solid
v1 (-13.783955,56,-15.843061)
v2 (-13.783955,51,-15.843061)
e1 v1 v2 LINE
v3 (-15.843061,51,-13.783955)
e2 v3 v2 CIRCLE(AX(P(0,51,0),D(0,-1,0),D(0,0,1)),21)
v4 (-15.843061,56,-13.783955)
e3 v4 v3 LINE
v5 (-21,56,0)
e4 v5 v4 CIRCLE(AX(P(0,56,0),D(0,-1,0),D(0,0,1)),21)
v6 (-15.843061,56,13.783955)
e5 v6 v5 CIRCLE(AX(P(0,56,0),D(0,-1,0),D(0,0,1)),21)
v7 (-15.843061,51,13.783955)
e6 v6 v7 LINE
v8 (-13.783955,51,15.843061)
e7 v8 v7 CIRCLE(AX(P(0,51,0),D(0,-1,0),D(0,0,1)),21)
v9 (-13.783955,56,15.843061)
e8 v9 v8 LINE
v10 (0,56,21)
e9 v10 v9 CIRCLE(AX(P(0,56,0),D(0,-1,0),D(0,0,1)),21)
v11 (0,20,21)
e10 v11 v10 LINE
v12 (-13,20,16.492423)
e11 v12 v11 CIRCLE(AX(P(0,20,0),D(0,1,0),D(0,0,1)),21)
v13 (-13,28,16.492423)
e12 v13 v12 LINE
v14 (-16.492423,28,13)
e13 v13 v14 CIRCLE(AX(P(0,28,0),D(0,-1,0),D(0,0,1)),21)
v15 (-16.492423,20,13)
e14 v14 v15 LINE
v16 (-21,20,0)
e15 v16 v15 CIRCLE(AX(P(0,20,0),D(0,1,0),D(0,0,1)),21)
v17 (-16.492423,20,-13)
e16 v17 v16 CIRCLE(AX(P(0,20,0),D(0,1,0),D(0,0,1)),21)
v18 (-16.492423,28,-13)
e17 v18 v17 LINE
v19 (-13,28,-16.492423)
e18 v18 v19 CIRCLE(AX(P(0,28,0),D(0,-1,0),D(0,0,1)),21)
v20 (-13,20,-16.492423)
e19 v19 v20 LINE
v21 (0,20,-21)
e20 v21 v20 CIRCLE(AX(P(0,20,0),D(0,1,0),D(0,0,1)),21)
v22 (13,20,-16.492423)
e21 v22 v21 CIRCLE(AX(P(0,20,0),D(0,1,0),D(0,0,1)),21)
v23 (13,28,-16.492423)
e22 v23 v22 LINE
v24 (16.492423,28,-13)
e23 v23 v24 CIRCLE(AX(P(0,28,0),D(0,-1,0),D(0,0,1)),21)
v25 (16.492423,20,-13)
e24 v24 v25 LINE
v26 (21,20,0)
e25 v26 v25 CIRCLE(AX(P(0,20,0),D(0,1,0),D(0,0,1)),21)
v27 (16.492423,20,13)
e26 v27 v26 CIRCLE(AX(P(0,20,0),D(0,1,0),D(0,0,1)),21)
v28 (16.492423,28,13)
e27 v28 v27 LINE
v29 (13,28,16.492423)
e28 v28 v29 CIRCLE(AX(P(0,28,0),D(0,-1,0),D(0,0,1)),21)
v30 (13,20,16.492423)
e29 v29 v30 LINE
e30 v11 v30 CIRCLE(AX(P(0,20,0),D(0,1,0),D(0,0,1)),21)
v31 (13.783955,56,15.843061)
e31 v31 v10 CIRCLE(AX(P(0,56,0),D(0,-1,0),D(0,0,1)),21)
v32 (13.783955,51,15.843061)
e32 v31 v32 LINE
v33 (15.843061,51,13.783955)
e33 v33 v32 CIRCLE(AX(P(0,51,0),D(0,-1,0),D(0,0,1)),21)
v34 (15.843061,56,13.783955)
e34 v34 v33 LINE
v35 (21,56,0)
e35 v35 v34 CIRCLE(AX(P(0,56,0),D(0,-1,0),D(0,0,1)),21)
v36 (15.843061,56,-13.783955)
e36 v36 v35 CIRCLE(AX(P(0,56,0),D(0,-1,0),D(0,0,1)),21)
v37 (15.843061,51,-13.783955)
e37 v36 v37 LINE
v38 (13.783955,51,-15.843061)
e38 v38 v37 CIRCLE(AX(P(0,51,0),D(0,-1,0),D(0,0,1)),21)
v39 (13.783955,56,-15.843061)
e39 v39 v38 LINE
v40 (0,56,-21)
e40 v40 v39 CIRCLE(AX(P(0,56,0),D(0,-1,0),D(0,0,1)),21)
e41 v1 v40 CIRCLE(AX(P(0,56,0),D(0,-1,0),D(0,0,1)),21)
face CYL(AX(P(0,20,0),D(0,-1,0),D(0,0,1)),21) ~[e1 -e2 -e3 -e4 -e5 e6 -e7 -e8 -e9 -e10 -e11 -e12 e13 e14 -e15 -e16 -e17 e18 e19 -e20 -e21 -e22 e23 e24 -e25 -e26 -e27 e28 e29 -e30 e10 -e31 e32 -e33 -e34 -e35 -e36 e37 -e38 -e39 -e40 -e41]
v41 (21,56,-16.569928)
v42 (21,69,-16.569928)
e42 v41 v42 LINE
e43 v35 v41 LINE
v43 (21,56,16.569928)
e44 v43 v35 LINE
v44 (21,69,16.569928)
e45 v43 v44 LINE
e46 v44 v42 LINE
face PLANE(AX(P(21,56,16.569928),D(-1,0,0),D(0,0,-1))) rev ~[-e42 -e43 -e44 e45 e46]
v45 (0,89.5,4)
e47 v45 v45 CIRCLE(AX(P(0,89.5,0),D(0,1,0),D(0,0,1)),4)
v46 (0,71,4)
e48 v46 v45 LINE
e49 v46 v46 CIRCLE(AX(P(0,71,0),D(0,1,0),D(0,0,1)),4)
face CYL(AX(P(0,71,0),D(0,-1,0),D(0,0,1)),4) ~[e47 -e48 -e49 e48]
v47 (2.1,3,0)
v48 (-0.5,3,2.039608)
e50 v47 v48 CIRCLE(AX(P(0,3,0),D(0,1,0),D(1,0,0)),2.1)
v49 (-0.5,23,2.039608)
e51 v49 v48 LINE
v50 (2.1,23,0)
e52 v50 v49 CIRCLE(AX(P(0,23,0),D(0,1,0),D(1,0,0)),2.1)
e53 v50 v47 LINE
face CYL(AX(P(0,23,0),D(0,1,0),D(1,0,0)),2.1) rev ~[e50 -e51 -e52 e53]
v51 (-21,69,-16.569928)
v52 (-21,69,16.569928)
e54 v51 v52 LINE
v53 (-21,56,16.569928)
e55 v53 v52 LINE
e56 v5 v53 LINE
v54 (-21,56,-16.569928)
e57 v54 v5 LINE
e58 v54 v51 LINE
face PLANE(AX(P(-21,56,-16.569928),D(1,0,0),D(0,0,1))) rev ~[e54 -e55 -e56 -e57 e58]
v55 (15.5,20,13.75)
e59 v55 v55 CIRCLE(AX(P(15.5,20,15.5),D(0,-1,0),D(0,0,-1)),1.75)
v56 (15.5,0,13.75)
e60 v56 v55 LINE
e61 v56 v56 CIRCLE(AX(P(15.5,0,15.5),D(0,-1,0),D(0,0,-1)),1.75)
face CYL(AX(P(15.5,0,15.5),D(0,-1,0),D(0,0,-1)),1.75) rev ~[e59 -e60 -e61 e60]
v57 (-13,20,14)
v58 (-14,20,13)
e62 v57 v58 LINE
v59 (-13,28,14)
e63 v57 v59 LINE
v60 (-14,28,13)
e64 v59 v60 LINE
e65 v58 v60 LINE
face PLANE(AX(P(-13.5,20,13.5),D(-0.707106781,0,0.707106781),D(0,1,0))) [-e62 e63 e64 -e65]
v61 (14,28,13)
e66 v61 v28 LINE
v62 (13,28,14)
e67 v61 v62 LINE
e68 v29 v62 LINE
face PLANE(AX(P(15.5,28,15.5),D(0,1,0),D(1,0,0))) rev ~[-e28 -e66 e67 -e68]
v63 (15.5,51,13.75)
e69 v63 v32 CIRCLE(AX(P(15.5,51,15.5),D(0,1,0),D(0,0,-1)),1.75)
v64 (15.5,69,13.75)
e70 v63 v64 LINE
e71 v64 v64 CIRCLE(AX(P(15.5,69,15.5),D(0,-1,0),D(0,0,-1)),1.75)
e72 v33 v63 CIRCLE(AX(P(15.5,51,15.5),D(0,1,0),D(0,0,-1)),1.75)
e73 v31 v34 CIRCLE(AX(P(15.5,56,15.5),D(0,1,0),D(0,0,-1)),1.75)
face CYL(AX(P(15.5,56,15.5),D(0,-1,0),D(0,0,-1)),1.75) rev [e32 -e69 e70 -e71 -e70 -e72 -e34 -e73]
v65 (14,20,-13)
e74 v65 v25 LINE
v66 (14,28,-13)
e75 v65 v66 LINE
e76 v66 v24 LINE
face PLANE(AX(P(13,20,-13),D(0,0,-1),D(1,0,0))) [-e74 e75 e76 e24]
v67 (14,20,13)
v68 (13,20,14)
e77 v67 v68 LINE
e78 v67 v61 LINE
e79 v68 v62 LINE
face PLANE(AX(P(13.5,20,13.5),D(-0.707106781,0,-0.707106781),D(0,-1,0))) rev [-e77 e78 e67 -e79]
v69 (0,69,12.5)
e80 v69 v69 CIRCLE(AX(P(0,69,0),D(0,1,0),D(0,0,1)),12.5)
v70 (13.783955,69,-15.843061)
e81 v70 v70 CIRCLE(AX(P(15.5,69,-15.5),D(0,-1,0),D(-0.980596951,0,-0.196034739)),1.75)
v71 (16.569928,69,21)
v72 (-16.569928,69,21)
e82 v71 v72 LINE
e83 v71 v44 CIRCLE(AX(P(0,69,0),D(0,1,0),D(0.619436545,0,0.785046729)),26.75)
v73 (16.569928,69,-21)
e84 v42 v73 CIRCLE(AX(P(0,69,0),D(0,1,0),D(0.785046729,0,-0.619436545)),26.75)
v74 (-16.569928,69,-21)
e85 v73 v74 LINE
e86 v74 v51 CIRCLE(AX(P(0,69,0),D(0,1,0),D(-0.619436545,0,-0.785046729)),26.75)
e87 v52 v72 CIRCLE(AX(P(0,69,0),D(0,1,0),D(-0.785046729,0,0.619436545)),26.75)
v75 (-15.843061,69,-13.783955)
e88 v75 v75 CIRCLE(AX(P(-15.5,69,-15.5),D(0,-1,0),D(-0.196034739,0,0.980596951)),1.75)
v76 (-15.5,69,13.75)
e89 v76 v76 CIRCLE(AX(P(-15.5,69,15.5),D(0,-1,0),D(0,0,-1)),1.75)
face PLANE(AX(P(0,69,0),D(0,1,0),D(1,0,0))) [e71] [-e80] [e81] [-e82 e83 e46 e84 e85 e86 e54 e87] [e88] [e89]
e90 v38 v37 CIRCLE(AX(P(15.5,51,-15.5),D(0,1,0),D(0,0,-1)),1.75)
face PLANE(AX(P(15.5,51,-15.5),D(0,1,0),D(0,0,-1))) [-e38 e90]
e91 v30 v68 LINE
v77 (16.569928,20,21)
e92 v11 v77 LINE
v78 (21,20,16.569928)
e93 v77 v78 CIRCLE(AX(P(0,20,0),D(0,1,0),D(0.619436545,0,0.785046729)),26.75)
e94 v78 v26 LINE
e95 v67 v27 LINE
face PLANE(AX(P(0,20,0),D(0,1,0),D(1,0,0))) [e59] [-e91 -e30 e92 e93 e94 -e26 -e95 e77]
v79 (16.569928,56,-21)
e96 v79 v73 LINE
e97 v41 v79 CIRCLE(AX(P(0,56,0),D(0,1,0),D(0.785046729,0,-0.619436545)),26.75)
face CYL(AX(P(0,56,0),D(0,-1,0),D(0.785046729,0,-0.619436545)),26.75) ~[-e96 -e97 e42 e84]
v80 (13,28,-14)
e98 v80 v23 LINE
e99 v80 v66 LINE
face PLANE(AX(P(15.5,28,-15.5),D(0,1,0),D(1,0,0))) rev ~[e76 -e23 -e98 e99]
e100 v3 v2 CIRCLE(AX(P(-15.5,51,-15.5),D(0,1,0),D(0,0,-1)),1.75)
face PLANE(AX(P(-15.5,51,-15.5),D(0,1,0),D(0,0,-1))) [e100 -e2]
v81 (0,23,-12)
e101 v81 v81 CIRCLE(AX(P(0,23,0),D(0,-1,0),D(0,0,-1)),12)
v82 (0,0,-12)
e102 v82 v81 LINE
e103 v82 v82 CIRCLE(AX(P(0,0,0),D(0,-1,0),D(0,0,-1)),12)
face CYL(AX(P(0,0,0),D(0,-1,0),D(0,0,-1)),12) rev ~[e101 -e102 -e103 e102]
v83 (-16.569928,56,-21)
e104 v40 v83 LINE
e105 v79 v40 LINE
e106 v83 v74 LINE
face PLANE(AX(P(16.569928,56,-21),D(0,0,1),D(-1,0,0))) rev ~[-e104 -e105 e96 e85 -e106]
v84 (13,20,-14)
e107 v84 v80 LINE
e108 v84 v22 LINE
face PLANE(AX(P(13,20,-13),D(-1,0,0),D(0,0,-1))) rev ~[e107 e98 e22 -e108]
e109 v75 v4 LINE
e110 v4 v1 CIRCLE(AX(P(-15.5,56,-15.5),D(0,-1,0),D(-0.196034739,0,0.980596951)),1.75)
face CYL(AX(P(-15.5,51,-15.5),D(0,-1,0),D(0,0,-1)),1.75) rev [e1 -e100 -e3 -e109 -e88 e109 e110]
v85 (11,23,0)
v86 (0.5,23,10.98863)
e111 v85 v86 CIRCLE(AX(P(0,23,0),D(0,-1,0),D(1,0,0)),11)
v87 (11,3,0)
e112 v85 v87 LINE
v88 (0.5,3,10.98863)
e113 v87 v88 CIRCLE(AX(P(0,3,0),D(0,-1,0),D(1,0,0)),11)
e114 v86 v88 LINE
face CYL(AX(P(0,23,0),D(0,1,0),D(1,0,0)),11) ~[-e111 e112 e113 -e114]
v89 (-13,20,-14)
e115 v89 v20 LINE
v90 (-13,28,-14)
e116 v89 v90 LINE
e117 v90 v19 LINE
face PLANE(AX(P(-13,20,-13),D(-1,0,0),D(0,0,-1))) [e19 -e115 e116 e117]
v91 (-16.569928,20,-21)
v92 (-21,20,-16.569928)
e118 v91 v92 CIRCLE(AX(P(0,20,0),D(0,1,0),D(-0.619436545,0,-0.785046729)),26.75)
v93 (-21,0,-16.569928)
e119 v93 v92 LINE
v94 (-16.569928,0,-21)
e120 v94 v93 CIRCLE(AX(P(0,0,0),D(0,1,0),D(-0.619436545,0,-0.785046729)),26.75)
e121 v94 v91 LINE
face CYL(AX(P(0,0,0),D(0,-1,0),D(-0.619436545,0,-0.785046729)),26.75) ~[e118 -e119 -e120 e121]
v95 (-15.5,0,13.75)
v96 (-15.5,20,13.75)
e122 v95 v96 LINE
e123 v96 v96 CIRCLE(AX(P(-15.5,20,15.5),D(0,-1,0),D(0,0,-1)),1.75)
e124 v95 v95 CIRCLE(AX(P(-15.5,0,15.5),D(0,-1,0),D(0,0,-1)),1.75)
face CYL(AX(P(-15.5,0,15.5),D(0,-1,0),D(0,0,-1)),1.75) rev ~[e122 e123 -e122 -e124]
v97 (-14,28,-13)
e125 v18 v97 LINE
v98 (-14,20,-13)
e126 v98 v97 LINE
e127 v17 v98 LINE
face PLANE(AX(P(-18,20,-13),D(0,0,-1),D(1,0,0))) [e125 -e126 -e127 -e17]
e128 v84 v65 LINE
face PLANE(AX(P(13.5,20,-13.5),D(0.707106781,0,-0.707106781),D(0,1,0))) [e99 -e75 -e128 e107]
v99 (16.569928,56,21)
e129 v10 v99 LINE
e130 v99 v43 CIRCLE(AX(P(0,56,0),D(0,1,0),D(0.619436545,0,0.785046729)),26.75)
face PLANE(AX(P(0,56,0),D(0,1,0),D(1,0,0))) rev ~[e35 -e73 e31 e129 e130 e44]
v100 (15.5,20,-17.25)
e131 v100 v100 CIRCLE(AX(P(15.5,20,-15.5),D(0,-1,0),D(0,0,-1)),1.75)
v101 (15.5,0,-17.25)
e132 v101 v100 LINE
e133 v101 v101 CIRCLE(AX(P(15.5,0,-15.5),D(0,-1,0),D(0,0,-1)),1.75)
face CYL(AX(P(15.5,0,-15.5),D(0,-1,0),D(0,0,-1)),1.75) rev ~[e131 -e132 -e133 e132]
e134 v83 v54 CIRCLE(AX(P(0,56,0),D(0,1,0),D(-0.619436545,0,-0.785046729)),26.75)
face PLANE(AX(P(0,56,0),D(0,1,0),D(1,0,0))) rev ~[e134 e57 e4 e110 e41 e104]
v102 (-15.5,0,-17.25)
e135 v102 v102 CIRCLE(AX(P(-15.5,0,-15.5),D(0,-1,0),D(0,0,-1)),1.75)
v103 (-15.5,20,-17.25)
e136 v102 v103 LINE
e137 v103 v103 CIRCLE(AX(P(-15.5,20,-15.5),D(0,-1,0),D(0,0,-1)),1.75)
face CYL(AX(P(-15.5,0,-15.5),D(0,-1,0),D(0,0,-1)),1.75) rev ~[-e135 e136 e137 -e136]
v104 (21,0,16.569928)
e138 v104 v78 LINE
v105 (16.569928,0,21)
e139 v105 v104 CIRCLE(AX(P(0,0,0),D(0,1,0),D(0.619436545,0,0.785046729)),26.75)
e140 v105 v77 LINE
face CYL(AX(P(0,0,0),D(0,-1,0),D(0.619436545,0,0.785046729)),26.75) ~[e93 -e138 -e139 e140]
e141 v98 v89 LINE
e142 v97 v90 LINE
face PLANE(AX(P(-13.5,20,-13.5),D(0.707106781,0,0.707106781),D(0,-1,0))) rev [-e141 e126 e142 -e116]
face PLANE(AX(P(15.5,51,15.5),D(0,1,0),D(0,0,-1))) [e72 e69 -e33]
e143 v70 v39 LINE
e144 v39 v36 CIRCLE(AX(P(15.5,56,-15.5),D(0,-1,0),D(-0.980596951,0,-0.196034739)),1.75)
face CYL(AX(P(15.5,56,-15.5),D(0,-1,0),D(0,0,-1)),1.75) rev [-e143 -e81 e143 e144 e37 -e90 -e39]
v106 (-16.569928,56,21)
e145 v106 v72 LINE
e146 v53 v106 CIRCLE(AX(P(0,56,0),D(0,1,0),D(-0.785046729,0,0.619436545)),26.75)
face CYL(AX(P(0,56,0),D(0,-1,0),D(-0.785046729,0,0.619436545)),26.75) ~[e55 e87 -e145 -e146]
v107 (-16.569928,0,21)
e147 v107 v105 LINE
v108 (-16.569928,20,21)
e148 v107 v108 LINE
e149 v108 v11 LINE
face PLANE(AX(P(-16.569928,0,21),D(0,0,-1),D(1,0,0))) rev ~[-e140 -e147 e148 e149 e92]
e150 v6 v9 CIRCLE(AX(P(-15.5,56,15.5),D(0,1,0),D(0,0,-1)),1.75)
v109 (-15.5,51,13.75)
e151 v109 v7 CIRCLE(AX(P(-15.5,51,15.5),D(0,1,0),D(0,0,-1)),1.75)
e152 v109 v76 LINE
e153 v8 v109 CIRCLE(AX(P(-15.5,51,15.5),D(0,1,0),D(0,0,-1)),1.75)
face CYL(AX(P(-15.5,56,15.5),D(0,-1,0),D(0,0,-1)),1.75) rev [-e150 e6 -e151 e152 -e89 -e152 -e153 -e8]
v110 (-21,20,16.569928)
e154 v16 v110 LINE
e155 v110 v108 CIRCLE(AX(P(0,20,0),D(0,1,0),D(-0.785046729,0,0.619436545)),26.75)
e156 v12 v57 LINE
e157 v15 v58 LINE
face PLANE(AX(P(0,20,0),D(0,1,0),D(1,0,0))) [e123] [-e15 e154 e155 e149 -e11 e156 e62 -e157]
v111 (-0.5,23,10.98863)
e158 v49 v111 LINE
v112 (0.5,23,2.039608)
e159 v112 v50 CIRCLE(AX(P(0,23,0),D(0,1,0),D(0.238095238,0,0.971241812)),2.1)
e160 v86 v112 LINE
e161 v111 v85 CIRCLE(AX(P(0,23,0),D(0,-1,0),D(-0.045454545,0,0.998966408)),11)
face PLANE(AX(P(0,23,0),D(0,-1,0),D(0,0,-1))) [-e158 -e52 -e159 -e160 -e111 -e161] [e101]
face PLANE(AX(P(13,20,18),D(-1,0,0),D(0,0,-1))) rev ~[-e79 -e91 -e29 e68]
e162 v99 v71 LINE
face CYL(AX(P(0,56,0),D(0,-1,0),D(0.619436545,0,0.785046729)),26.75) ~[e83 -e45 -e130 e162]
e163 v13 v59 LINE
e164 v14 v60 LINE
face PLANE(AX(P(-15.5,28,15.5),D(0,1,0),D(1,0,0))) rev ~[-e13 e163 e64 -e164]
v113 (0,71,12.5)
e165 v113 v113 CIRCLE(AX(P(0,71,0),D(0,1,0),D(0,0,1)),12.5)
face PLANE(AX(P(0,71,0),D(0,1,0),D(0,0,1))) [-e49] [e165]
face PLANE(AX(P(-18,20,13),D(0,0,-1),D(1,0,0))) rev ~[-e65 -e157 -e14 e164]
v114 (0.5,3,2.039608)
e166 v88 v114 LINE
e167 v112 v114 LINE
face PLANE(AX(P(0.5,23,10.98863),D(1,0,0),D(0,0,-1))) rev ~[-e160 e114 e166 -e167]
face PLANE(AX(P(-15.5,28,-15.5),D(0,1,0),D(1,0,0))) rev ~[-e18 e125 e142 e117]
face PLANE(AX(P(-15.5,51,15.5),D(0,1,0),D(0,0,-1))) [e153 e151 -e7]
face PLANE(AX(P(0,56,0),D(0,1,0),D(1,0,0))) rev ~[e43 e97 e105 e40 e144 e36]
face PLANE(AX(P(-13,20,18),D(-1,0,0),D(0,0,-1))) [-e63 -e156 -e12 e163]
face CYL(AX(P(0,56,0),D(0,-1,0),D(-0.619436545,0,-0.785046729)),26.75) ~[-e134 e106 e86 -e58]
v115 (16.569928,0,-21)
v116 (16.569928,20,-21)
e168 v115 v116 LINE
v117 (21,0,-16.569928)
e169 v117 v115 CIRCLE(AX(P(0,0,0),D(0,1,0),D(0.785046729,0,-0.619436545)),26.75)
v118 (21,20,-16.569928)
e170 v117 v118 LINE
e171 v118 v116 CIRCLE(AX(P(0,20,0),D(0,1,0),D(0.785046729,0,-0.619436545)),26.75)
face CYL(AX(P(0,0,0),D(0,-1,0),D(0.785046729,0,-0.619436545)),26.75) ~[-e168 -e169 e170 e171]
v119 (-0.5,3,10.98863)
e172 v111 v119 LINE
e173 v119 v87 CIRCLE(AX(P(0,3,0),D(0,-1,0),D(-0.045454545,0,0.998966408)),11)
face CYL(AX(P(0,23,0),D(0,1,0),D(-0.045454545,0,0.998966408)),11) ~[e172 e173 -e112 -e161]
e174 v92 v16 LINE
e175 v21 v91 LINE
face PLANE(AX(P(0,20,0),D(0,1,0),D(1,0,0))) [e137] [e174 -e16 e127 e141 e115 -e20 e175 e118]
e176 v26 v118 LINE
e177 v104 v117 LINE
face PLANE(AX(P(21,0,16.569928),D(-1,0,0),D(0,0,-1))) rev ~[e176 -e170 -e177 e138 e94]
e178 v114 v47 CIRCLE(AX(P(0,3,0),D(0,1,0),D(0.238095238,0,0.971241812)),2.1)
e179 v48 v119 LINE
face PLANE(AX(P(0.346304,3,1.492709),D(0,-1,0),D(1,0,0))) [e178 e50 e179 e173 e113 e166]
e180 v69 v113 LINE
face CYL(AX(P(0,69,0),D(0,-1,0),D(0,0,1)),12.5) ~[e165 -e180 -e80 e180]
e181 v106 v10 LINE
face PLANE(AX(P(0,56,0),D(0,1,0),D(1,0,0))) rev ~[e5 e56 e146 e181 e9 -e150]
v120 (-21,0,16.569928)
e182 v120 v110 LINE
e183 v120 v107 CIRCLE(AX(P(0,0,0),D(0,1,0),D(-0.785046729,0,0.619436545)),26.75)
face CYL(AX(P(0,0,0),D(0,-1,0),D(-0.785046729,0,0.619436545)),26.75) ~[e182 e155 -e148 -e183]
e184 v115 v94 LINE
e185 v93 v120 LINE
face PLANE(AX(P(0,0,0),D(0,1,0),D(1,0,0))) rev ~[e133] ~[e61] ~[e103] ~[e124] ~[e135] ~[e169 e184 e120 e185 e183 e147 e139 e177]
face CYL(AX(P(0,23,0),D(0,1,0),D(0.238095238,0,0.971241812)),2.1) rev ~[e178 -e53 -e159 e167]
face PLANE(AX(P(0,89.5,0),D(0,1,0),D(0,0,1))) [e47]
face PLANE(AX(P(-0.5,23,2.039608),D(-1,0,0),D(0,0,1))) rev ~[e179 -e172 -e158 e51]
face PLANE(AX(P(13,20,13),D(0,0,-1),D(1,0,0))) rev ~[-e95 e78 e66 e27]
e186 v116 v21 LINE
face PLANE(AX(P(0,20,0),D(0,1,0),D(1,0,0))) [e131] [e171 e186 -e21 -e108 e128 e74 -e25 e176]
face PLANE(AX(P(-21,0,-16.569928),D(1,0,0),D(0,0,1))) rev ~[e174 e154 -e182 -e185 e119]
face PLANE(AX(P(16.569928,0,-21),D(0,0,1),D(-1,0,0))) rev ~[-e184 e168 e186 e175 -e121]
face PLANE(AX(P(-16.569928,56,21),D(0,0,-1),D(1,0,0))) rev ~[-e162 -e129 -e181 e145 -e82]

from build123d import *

# Parameters (mm, degrees)
EXTRUDE_1_DEPTH     = 20
SKETCH_2_R          = 21
EXTRUDE_2_DEPTH     = 49
SKETCH_3_R          = 12.5
EXTRUDE_3_DEPTH     = 2
SKETCH_4_R          = 4
EXTRUDE_4_DEPTH     = 18.5
SKETCH_5_R          = 1.75
CUT_EXTRUDE_1_DEPTH = 22.5
SKETCH_6_W          = 5
SKETCH_6_H          = 5
CUT_EXTRUDE_2_DEPTH = 8
CHAMFER_1_SIZE      = 1
SKETCH_7_R          = 12
CUT_EXTRUDE_3_DEPTH = 23
EXTRUDE_5_DEPTH     = 20
EXTRUDE_START       = -13
SKETCH_9_R          = 1.75
SKETCH_9_R_2        = 12
EXTRUDE_6_DEPTH     = 13
CUT_EXTRUDE_START   = -18
SKETCH_10_R         = 1.75
CUT_EXTRUDE_4_DEPTH = 18


with BuildPart() as part:
    # 草图1 → 凸台-拉伸1 (new body)
    with BuildSketch(Plane(origin=(0, 0, 0), x_dir=(1, 0, 0), z_dir=(0, 1, 0))):
        with BuildLine():
            Line((16.56992758, 21), (-16.56992758, 21))
            ThreePointArc((-16.56992758, 21), (-18.915106397, 18.915106397), (-21, 16.56992758))
            Line((-21, 16.56992758), (-21, -16.56992758))
            ThreePointArc((-21, -16.56992758), (-18.915106397, -18.915106397), (-16.56992758, -21))
            Line((-16.56992758, -21), (16.56992758, -21))
            ThreePointArc((16.56992758, -21), (18.915106397, -18.915106397), (21, -16.56992758))
            Line((21, -16.56992758), (21, 16.56992758))
            ThreePointArc((21, 16.56992758), (18.915106397, 18.915106397), (16.56992758, 21))
        make_face()
    extrude(amount=EXTRUDE_1_DEPTH)

    # 草图2 → 凸台-拉伸2 (add)
    with BuildSketch(Plane(origin=(0, 20, 0), x_dir=(1, 0, 0), z_dir=(0, 1, 0))):
        with Locations(Location((0, 0, 0), (0, 0, 270))):
            Circle(SKETCH_2_R)
    extrude(amount=EXTRUDE_2_DEPTH)

    # 草图3 → 凸台-拉伸3 (add)
    with BuildSketch(Plane(origin=(0, 69, 0), x_dir=(1, 0, 0), z_dir=(0, 1, 0))):
        with Locations(Location((0, 0, 0), (0, 0, 270))):
            Circle(SKETCH_3_R)
    extrude(amount=EXTRUDE_3_DEPTH)

    # 草图4 → 凸台-拉伸4 (add)
    with BuildSketch(Plane(origin=(0, 71, 0), x_dir=(1, 0, 0), z_dir=(0, 1, 0))):
        with Locations(Location((0, 0, 0), (0, 0, 270))):
            Circle(SKETCH_4_R)
    extrude(amount=EXTRUDE_4_DEPTH)

    # 草图5 → 切除-拉伸1 (cut)
    with BuildSketch(Plane.XZ):
        with Locations(Location((15.5, 15.5, 0), (0, 0, 270))):
            Circle(SKETCH_5_R)
        with Locations(Location((15.5, -15.5, 0), (0, 0, 270))):
            Circle(SKETCH_5_R)
        with Locations(Location((-15.5, -15.5, 0), (0, 0, 270))):
            Circle(SKETCH_5_R)
        with Locations(Location((-15.5, 15.5, 0), (0, 0, 270))):
            Circle(SKETCH_5_R)
    extrude(amount=-CUT_EXTRUDE_1_DEPTH, mode=Mode.SUBTRACT)

    # 草图6 → 切除-拉伸2 (cut)
    with BuildSketch(Plane(origin=(0, 20, 0), x_dir=(1, 0, 0), z_dir=(0, 1, 0))):
        with Locations((-15.5, -15.5)):
            Rectangle(SKETCH_6_W, SKETCH_6_H)
        with Locations((15.5, -15.5)):
            Rectangle(SKETCH_6_W, SKETCH_6_H)
        with Locations((-15.5, 15.5)):
            Rectangle(SKETCH_6_W, SKETCH_6_H)
        with Locations((15.5, 15.5)):
            Rectangle(SKETCH_6_W, SKETCH_6_H)
    extrude(amount=CUT_EXTRUDE_2_DEPTH, mode=Mode.SUBTRACT)

    # 倒角1
    chamfer_1_edges = [part.edges().sort_by_distance(p)[0] for p in [
        (13, 24, -13),
        (-13, 24, -13),
        (-13, 24, 13),
        (13, 24, 13),
    ]]
    chamfer(chamfer_1_edges, length=CHAMFER_1_SIZE)

    # 草图7 → 切除-拉伸3 (cut)
    with BuildSketch(Plane.XZ):
        with Locations(Location((0, 0, 0), (0, 0, 270))):
            Circle(SKETCH_7_R)
    extrude(amount=-CUT_EXTRUDE_3_DEPTH, mode=Mode.SUBTRACT)

    # 草图8 → 凸台-拉伸5 (add)
    with BuildSketch(Plane.XZ.offset(-23)):
        with BuildLine():
            ThreePointArc((2.1, 0), (-1.29614814, -1.652271164), (-0.5, 2.039607805))
            Line((-0.5, 2.039607805), (-0.5, 10.988630488))
            ThreePointArc((-0.5, 10.988630488), (-7.599342077, -7.95298686), (11, 0))
            ThreePointArc((11, 0), (7.95298686, 7.599342077), (0.5, 10.988630488))
            Line((0.5, 10.988630488), (0.5, 2.039607805))
            ThreePointArc((0.5, 2.039607805), (1.652271164, 1.29614814), (2.1, 0))
        make_face()
    extrude(amount=EXTRUDE_5_DEPTH)

    # 草图9 → 凸台-拉伸6 (add)
    with BuildSketch(Plane(origin=(0, 69, 0), x_dir=(1, 0, 0), z_dir=(0, 1, 0)).offset(EXTRUDE_START)):
        with BuildLine():
            Line((-16.56992758, -21), (16.56992758, -21))
            ThreePointArc((16.56992758, -21), (18.915106397, -18.915106397), (21, -16.56992758))
            Line((21, -16.56992758), (21, 16.56992758))
            ThreePointArc((21, 16.56992758), (18.915106397, 18.915106397), (16.56992758, 21))
            Line((16.56992758, 21), (-16.56992758, 21))
            ThreePointArc((-16.56992758, 21), (-18.915106397, 18.915106397), (-21, 16.56992758))
            Line((-21, 16.56992758), (-21, -16.56992758))
            ThreePointArc((-21, -16.56992758), (-18.915106397, -18.915106397), (-16.56992758, -21))
        make_face()
        with Locations(Location((15.5, 15.5, 0), (0, 0, 90))):
            Circle(SKETCH_9_R, mode=Mode.SUBTRACT)
        with Locations(Location((15.5, -15.5, 0), (0, 0, 90))):
            Circle(SKETCH_9_R, mode=Mode.SUBTRACT)
        with Locations(Location((-15.5, 15.5, 0), (0, 0, 90))):
            Circle(SKETCH_9_R, mode=Mode.SUBTRACT)
        with Locations(Location((-15.5, -15.5, 0), (0, 0, 90))):
            Circle(SKETCH_9_R, mode=Mode.SUBTRACT)
        with Locations(Location((0, 0, 0), (0, 0, 90))):
            Circle(SKETCH_9_R_2, mode=Mode.SUBTRACT)
    extrude(amount=EXTRUDE_6_DEPTH)

    # 草图10 → 切除-拉伸4 (cut)
    with BuildSketch(Plane(origin=(0, 69, 0), x_dir=(1, 0, 0), z_dir=(0, 1, 0)).offset(CUT_EXTRUDE_START)):
        with Locations(Location((15.5, -15.5, 0), (0, 0, 90))):
            Circle(SKETCH_10_R)
        with Locations(Location((-15.5, -15.5, 0), (0, 0, 90))):
            Circle(SKETCH_10_R)
        with Locations(Location((-15.5, 15.5, 0), (0, 0, 90))):
            Circle(SKETCH_10_R)
        with Locations(Location((15.5, 15.5, 0), (0, 0, 90))):
            Circle(SKETCH_10_R)
    extrude(amount=CUT_EXTRUDE_4_DEPTH, mode=Mode.SUBTRACT)


solid = part.part
